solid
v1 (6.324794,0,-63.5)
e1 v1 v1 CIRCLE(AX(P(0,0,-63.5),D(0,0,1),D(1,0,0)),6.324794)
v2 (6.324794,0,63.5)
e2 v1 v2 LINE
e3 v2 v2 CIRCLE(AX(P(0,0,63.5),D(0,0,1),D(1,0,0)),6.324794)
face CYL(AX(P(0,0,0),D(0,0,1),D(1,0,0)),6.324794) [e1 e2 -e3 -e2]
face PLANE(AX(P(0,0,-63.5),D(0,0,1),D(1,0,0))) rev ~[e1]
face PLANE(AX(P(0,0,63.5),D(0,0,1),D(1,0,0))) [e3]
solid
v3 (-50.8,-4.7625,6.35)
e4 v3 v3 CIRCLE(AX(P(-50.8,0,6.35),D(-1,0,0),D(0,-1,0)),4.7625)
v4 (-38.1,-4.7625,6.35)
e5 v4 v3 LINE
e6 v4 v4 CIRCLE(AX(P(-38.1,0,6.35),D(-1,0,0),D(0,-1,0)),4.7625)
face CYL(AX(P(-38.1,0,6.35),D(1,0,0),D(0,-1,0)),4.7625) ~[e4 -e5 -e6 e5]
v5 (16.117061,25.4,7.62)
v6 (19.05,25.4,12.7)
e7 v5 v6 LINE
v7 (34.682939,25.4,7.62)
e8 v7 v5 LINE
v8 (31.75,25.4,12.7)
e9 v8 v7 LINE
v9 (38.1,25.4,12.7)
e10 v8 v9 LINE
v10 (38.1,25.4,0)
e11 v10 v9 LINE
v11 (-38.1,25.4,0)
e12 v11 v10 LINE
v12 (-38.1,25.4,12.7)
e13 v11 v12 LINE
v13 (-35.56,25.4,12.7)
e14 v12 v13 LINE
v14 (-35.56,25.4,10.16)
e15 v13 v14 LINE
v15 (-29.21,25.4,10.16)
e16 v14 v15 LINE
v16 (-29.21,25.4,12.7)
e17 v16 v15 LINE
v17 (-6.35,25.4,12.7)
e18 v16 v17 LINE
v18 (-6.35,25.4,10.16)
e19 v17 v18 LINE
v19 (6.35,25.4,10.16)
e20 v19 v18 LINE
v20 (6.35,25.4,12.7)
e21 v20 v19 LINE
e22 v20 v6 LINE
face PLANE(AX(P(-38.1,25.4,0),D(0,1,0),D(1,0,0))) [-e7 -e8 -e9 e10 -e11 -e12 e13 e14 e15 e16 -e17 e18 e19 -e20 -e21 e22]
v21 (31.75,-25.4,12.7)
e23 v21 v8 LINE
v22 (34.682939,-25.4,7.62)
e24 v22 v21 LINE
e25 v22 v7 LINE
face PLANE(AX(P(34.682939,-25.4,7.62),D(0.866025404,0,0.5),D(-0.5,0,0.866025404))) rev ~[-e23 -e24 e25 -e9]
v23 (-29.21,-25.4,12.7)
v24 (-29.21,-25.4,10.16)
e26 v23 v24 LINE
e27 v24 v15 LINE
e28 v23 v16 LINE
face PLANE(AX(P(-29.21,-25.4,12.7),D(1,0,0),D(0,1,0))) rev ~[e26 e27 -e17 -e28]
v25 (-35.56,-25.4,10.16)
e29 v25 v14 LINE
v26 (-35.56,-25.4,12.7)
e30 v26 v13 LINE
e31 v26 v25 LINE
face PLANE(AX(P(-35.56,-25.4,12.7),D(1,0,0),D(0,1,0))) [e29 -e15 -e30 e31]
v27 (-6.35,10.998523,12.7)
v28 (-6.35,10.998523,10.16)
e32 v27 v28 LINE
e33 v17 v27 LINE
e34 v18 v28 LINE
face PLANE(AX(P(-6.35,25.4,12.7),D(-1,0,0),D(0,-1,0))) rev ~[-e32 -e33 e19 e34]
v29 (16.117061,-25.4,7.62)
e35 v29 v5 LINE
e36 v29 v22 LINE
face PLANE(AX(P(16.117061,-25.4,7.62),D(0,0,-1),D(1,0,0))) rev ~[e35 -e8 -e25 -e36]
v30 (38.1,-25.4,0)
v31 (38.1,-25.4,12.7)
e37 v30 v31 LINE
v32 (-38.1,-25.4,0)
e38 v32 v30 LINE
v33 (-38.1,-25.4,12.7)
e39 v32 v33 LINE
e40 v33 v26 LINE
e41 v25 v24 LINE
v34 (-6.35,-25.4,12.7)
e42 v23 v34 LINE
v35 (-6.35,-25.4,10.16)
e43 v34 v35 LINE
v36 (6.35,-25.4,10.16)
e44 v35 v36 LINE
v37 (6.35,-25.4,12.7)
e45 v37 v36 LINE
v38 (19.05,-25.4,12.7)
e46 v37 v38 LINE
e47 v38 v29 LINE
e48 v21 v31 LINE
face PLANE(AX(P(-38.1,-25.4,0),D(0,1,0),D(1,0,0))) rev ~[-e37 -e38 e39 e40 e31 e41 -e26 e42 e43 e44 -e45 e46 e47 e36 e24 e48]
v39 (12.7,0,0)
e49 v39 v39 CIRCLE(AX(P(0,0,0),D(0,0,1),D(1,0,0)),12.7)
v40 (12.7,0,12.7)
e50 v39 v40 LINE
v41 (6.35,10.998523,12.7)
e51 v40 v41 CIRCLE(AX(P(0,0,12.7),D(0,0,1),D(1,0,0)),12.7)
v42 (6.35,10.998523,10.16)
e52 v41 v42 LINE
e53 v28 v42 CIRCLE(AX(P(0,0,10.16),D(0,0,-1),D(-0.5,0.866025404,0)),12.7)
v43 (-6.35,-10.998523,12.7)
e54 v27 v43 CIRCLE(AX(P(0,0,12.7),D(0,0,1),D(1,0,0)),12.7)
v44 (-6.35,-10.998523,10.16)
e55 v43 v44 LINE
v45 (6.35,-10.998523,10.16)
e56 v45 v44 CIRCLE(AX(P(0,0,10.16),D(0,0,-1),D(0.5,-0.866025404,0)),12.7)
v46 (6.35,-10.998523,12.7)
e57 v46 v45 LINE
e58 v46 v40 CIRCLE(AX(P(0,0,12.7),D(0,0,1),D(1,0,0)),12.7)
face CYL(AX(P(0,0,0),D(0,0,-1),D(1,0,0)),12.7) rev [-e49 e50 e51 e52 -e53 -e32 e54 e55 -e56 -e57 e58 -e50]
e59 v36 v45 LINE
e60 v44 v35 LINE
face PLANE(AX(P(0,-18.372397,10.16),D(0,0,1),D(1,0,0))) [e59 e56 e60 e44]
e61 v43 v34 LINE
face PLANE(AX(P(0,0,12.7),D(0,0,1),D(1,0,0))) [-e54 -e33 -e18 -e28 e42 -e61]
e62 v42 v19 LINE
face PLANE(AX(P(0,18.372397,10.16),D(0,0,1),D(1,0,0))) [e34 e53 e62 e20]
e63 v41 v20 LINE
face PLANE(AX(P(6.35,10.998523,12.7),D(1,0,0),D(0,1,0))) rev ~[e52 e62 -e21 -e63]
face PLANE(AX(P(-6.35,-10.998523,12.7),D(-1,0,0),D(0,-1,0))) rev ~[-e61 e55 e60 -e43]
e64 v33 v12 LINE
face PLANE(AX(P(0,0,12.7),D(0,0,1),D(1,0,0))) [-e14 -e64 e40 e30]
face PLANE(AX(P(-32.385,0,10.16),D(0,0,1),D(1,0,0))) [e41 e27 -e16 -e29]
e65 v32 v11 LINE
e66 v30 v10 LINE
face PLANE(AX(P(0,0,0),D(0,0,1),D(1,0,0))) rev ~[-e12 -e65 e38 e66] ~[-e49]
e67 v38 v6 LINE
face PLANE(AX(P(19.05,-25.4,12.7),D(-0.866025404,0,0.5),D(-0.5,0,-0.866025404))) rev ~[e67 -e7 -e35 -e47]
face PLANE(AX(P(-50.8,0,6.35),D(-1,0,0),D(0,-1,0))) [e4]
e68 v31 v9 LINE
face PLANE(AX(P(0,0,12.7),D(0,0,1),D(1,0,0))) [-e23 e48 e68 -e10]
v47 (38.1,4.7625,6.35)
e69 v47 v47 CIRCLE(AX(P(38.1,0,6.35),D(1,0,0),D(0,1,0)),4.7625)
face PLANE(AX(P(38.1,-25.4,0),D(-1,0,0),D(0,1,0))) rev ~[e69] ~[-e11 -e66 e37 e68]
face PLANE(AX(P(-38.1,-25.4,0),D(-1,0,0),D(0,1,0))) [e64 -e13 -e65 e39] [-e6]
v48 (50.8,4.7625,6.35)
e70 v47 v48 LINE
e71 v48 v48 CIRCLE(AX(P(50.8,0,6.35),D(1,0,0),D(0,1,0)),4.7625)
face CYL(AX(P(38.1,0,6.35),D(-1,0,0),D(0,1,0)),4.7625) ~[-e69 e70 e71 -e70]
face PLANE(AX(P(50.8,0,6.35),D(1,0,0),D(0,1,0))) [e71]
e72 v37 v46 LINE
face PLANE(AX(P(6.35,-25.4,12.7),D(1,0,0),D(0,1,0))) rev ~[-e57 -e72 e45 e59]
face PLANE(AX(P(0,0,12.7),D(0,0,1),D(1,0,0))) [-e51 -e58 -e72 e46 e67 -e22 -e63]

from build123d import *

# Parameters (mm, degrees)
F0_W      = 76.2
F0_H      = 50.8
F0_R      = 12.7
F1_DEPTH  = 12.7
F2_W      = 6.35
F2_H      = 50.8
F3_DEPTH  = 2.54
F5_DEPTH  = 50.801
F6_R      = 4.7625
F7_DEPTH  = 12.7
F8_R      = 6.3247937965
F9_DEPTH  = 63.5
F10_R     = 4.7625
F11_DEPTH = 12.7


with BuildPart() as f1:
    # F0 (on Top) → F1 (new body)
    with BuildSketch(Plane.XY):
        Rectangle(F0_W, F0_H)
        Circle(F0_R, mode=Mode.SUBTRACT)
    extrude(amount=F1_DEPTH)

    # F2 (on face) → F3 (cut)
    with BuildSketch(Plane.XY.offset(12.7)):
        with Locations((-32.385, 0)):
            Rectangle(F2_W, F2_H)
        with BuildLine():
            Line((6.35, 25.4), (-6.35, 25.4))
            Line((-6.35, 25.4), (-6.35, 10.9985226281))
            ThreePointArc((-6.35, 10.9985226281), (0, 12.7), (6.35, 10.9985226281))
            Line((6.35, 10.9985226281), (6.35, 25.4))
        make_face()
        with BuildLine():
            Line((-6.35, -10.9985226281), (-6.35, -25.4))
            Line((-6.35, -25.4), (6.35, -25.4))
            Line((6.35, -25.4), (6.35, -10.9985226281))
            ThreePointArc((6.35, -10.9985226281), (0, -12.7), (-6.35, -10.9985226281))
        make_face()
    extrude(amount=-F3_DEPTH, mode=Mode.SUBTRACT)

    # F4 (on face) → F5 (cut, through all)
    with BuildSketch(Plane.XZ.offset(25.4)):
        Polygon((31.75, 12.7), (19.05, 12.7), (16.1170606325, 7.62), (34.6829393675, 7.62), align=None)
    extrude(amount=-F5_DEPTH, mode=Mode.SUBTRACT)

    # F6 (on face) → F7 (join)
    with BuildSketch(Plane.YZ.offset(38.1)):
        with Locations((0, 6.35)):
            Circle(F6_R)
    extrude(amount=F7_DEPTH)

    # F10 (on face) → F11 (join)
    with BuildSketch(Plane(origin=(-38.1, 0, 0), x_dir=(0, -1, 0), z_dir=(-1, 0, 0))):
        with Locations((0, 6.35)):
            Circle(F10_R)
    extrude(amount=F11_DEPTH)


with BuildPart() as f9:
    # F8 (on Top) → F9 (new body, symmetric)
    with BuildSketch(Plane.XY):
        Circle(F8_R)
    extrude(amount=F9_DEPTH, both=True)


solid = Compound([f1.part, f9.part])
